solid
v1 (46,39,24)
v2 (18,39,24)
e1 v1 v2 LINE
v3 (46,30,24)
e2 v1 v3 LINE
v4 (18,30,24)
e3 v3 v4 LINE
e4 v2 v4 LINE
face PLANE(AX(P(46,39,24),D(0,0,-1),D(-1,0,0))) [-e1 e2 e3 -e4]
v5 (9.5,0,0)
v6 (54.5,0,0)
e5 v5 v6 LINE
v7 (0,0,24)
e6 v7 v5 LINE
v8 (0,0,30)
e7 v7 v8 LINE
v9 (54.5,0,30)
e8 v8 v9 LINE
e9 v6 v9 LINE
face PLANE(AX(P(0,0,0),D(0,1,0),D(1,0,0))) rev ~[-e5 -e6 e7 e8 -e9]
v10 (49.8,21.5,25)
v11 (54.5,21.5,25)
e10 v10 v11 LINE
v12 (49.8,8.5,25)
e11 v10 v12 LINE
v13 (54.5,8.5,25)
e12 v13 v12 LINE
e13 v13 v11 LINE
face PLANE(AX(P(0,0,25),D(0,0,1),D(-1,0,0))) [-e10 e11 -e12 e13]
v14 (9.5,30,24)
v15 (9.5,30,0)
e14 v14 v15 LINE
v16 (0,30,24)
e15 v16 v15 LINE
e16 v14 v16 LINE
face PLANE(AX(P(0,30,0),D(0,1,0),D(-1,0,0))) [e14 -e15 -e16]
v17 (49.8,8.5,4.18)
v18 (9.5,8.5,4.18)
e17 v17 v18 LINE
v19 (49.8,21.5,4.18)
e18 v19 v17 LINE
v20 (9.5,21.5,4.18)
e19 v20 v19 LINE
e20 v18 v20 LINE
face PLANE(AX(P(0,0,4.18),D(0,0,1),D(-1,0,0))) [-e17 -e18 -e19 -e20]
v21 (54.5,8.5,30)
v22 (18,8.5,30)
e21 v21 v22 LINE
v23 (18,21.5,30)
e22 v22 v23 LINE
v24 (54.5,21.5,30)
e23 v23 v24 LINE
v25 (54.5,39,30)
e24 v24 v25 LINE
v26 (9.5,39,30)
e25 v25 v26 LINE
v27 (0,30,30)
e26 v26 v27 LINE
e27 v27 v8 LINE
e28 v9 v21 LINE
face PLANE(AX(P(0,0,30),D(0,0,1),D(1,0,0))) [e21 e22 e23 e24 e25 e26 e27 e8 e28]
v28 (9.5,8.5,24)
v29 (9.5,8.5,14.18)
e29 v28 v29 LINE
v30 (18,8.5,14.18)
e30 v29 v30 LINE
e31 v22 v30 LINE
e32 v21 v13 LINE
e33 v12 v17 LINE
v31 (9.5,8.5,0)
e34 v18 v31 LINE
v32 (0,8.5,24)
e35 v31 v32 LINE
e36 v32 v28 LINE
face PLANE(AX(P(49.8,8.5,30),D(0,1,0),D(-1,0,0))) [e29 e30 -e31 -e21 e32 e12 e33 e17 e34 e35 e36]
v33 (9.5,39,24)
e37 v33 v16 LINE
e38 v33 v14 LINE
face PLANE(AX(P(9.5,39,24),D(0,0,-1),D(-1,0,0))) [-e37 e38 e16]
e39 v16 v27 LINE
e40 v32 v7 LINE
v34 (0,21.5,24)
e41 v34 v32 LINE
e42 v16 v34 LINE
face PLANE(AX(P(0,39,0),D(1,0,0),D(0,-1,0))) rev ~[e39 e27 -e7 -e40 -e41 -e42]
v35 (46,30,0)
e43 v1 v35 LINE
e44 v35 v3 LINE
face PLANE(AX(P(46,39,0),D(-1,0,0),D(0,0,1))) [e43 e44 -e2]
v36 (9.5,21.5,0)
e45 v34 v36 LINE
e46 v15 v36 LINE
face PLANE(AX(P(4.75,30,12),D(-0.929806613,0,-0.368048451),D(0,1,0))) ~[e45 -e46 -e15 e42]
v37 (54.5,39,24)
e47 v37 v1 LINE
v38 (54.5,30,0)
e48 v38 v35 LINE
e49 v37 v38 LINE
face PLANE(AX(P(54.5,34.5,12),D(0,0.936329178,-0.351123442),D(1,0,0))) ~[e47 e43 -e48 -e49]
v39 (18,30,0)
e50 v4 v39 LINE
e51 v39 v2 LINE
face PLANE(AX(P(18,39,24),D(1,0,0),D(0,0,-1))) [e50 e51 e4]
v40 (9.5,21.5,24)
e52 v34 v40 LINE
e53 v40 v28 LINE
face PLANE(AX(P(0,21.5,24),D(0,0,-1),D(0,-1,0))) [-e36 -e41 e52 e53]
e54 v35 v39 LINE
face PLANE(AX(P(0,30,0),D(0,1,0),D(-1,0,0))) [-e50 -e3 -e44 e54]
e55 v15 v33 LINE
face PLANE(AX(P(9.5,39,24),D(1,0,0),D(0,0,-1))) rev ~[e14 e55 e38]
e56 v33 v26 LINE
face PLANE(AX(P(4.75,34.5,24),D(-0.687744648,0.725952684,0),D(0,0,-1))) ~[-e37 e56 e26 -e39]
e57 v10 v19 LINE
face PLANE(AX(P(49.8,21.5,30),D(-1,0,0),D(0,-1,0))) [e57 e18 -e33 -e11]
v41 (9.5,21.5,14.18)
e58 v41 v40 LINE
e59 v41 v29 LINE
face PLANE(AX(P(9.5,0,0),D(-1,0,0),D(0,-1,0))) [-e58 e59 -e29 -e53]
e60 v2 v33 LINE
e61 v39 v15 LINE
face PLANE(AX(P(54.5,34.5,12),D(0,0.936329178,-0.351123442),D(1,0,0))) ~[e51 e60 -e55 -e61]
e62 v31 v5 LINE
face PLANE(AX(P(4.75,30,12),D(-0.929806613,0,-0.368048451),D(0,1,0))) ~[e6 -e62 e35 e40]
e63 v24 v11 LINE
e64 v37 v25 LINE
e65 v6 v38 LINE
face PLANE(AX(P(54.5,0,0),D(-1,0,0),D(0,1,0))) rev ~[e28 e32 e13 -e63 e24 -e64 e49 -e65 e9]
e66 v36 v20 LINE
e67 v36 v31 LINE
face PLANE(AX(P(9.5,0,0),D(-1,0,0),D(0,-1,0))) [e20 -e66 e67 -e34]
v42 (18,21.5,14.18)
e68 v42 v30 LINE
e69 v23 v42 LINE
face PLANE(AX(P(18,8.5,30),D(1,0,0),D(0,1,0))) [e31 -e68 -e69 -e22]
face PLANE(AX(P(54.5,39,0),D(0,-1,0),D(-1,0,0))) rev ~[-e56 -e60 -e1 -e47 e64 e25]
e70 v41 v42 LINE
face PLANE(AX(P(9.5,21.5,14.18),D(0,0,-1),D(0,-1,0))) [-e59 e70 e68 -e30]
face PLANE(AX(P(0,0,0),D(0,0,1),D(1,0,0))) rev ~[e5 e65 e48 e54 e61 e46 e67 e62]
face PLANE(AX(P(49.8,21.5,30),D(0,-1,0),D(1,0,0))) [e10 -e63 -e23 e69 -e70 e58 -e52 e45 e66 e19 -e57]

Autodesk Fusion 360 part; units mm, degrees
sketch "Colour Sensor Servo Seat Outline" plane through (0, 0, 0) normal (0, 0, 1) x (1, 0, 0)
  line L0 (0, 0) -> (54.5, 0)
  line L1 (54.5, 0) -> (54.5, 39)
  line L2 (54.5, 39) -> (0, 39)
  line L3 (0, 39) -> (0, 0)
  dimension "d1" = 39
  dimension "d2" = 54.5
extrude "Extrude1" add sketch "Colour Sensor Servo Seat Outline" along normal blind 30
sketch "Colour Sensor Servo Hole" plane through (0, 0, 30) normal (0, 0, 1) x (-1, 0, 0)
  line L0 (0, -39) -> (0, 0)
  line L1 (0, 0) -> (-54.5, 0)
  line L2 (-54.5, 0) -> (-54.5, -39)
  line L3 (-54.5, -39) -> (0, -39)
  line L4 (-54.5, -8.5) -> (-18, -8.5)
  line L5 (-18, -8.5) -> (-18, -21.5)
  line L6 (-18, -21.5) -> (-54.5, -21.5)
  line L7 (-54.5, -21.5) -> (-54.5, -8.5)
  line L8 (-54.5, 0) -> (-18, 0)
  line L9 (-18, 0) -> (-18, -30)
  line L10 (-18, -30) -> (-54.5, -30)
  line L11 (-54.5, -30) -> (-54.5, 0)
  line L12 (-54.5, -21.5) -> (-49.8, -21.5)
  line L13 (-49.8, -21.5) -> (-49.8, -8.5)
  line L14 (-49.8, -8.5) -> (-54.5, -8.5)
  line L15 (-54.5, -8.5) -> (-54.5, -21.5)
  point P0 (-54.5, -21.5)
  point P1 (-54.5, -30)
  dimension "d6" = 13
  dimension "d8" = 36.5
  dimension "d9" = 30
  dimension "d10" = 8.5
  dimension "d11" = 8.5
  dimension "d12" = 4.7
extrude "Extrude2" cut sketch "Colour Sensor Servo Hole" against normal blind 5 contours L2 L4 L6 L7 L11 L12 L13 L14 L15
extrude "Extrude3" cut sketch "Colour Sensor Servo Hole" against normal blind 25.82 contours L4 L5 L6 L9 L13
chamfer "Chamfer1" distance 24 distance2 9 1 edges at (27.25, 39, 0) measured on face at (36.3333, 39, 20)
sketch "Front Ribs" plane through (0, 39, 0) normal (0, 1, 0) x (-1, 0, 0)
  line L0 (-54.5, 24) -> (0, 24)
  line L1 (0, 24) -> (0, 30)
  line L2 (0, 30) -> (-54.5, 30)
  line L3 (-54.5, 30) -> (-54.5, 24)
  line L4 (0, 0) -> (0, 24)
  line L5 (0, 24) -> (-54.5, 24)
  line L6 (-54.5, 24) -> (-54.5, 0)
  line L7 (-54.5, 0) -> (0, 0)
  line L8 (-46, 24) -> (-18, 24)
  line L9 (-18, 24) -> (-18, 0)
  line L10 (-18, 0) -> (-46, 0)
  line L11 (-46, 0) -> (-46, 24)
  line L12 (-18, 24) -> (-9.5, 24)
  line L13 (-9.5, 24) -> (-9.5, 0)
  line L14 (-9.5, 0) -> (-18, 0)
  line L15 (-18, 0) -> (-18, 24)
  dimension "d26" = 8.5
  dimension "d31" = 8.5
  dimension "d39" = 9.5
extrude "Extrude4" cut sketch "Front Ribs" against normal blind 9 contours L0 L5 L7 L8 L9 L10 L11 L15 | L0 L4 L5 L7 L13
chamfer "Chamfer2" distance 24 distance2 9.5 1 edges at (0, 15, 0) measured on face at (0, 10, 18)
sketch "Side Ribs" plane through (0, 0, 0) normal (-1, 0, 0) x (0, -1, 0)
  line L0 (-30, 24) -> (0, 24)
  line L1 (0, 24) -> (0, 30)
  line L2 (0, 30) -> (-39, 30)
  line L3 (-39, 30) -> (-39, 24)
  line L4 (-39, 24) -> (-30, 24)
  line L5 (0, 0) -> (0, 24)
  line L6 (0, 24) -> (-30, 24)
  line L7 (-30, 24) -> (-30, 0)
  line L8 (-30, 0) -> (0, 0)
  line L9 (-21.5, 24) -> (-8.5, 24)
  line L10 (-8.5, 24) -> (-8.5, 0)
  line L11 (-8.5, 0) -> (-21.5, 0)
  line L12 (-21.5, 0) -> (-21.5, 24)
  dimension "d33" = 8.5
  dimension "d34" = 8.5
extrude "Extrude6" cut sketch "Side Ribs" against normal blind 9.5 contours L0 L6 L8 L9 L10 L11 L12
chamfer "Chamfer3" distance 9.5 distance2 9 1 edges at (0, 39, 27) measured on face at (24.1667, 39, 28)
sketch "Servo Cable Hole" plane through (9.5, 0, 0) normal (-1, 0, 0) x (0, -1, 0)
  line L0 (-21.5, 0) -> (-8.5, 0)
  line L1 (-8.5, 0) -> (-8.5, 24)
  line L2 (-8.5, 24) -> (-21.5, 24)
  line L3 (-21.5, 24) -> (-21.5, 0)
  line L4 (-21.5, 0) -> (-21.5, 24)
  line L5 (-21.5, 24) -> (-30, 24)
  line L6 (-30, 24) -> (-30, 0)
  line L7 (-30, 0) -> (-21.5, 0)
  line L8 (-8.5, 24) -> (-8.5, 0)
  line L9 (-8.5, 0) -> (0, 0)
  line L10 (0, 0) -> (0, 24)
  line L11 (0, 24) -> (-8.5, 24)
  line L12 (-21.5, 14.18) -> (-8.5, 14.18)
  line L13 (-8.5, 14.18) -> (-8.5, 4.18)
  line L14 (-8.5, 4.18) -> (-21.5, 4.18)
  line L15 (-21.5, 4.18) -> (-21.5, 14.18)
  dimension "d40" = 10
  dimension "d41" = 4.18
extrude "Extrude7" cut sketch "Servo Cable Hole" against normal blind 8.5 contours L1 L3 L4 L8 L12 L13 L14 L15
equation "d2 = servo_seat_width"
equation "d3 = servo_seat_height"
equation "servo_seat_height = 30 mm" comment "The height of the Colour Sensor Servo Seat component."
equation "d6 = servo_hole_width"
equation "servo_hole_width = 13 mm" comment "The width of the hole for the Colour Sensor Servo to sit in."
equation "d10 = ( 30 mm - servo_hole_width ) / 2"
equation "d13 = -servo_arm_support_depth"
equation "servo_arm_support_depth = 5 mm" comment "The depth to extrude to create the arm support for the Colour Sensor Servo."
equation "servo_hole_depth = 25.82 mm" comment "The depth to extrude to create the hole for the Colour Sensor Servo to sit in."
equation "d17 = -servo_hole_depth"
equation "d19 = servo_seat_height - top_support_thickness"
equation "d20 = 17.50 mm - 8.50 mm"
equation "top_support_thickness = 6 mm" comment "The thickness of the top supports that will go underneath the Colour Detection Mechanism Platform."
equation "d22 = -( 17.50 mm - 8.50 mm )"
equation "rib_thickness = 8.5 mm" comment "The thickness of the support ribs."
equation "d26 = rib_thickness"
equation "d27 = servo_seat_height - top_support_thickness"
equation "d28 = servo_seat_width - 36.50 mm - 8.5 mm"
equation "d31 = rib_thickness"
equation "servo_seat_width = 36.50 mm + 18 mm" comment "The width of the Colour Sensor Servo Seat component."
equation "d33 = rib_thickness"
equation "d34 = rib_thickness"
equation "d35 = -( servo_seat_width - 36.50 mm - 8.5 mm )"
equation "d37 = ( servo_seat_width - 36.50 mm - 8.5 mm )"
equation "d39 = ( servo_seat_width - 36.50 mm - 8.5 mm )"
equation "d41 = servo_seat_height - servo_hole_depth"
equation "d42 = -rib_thickness"
